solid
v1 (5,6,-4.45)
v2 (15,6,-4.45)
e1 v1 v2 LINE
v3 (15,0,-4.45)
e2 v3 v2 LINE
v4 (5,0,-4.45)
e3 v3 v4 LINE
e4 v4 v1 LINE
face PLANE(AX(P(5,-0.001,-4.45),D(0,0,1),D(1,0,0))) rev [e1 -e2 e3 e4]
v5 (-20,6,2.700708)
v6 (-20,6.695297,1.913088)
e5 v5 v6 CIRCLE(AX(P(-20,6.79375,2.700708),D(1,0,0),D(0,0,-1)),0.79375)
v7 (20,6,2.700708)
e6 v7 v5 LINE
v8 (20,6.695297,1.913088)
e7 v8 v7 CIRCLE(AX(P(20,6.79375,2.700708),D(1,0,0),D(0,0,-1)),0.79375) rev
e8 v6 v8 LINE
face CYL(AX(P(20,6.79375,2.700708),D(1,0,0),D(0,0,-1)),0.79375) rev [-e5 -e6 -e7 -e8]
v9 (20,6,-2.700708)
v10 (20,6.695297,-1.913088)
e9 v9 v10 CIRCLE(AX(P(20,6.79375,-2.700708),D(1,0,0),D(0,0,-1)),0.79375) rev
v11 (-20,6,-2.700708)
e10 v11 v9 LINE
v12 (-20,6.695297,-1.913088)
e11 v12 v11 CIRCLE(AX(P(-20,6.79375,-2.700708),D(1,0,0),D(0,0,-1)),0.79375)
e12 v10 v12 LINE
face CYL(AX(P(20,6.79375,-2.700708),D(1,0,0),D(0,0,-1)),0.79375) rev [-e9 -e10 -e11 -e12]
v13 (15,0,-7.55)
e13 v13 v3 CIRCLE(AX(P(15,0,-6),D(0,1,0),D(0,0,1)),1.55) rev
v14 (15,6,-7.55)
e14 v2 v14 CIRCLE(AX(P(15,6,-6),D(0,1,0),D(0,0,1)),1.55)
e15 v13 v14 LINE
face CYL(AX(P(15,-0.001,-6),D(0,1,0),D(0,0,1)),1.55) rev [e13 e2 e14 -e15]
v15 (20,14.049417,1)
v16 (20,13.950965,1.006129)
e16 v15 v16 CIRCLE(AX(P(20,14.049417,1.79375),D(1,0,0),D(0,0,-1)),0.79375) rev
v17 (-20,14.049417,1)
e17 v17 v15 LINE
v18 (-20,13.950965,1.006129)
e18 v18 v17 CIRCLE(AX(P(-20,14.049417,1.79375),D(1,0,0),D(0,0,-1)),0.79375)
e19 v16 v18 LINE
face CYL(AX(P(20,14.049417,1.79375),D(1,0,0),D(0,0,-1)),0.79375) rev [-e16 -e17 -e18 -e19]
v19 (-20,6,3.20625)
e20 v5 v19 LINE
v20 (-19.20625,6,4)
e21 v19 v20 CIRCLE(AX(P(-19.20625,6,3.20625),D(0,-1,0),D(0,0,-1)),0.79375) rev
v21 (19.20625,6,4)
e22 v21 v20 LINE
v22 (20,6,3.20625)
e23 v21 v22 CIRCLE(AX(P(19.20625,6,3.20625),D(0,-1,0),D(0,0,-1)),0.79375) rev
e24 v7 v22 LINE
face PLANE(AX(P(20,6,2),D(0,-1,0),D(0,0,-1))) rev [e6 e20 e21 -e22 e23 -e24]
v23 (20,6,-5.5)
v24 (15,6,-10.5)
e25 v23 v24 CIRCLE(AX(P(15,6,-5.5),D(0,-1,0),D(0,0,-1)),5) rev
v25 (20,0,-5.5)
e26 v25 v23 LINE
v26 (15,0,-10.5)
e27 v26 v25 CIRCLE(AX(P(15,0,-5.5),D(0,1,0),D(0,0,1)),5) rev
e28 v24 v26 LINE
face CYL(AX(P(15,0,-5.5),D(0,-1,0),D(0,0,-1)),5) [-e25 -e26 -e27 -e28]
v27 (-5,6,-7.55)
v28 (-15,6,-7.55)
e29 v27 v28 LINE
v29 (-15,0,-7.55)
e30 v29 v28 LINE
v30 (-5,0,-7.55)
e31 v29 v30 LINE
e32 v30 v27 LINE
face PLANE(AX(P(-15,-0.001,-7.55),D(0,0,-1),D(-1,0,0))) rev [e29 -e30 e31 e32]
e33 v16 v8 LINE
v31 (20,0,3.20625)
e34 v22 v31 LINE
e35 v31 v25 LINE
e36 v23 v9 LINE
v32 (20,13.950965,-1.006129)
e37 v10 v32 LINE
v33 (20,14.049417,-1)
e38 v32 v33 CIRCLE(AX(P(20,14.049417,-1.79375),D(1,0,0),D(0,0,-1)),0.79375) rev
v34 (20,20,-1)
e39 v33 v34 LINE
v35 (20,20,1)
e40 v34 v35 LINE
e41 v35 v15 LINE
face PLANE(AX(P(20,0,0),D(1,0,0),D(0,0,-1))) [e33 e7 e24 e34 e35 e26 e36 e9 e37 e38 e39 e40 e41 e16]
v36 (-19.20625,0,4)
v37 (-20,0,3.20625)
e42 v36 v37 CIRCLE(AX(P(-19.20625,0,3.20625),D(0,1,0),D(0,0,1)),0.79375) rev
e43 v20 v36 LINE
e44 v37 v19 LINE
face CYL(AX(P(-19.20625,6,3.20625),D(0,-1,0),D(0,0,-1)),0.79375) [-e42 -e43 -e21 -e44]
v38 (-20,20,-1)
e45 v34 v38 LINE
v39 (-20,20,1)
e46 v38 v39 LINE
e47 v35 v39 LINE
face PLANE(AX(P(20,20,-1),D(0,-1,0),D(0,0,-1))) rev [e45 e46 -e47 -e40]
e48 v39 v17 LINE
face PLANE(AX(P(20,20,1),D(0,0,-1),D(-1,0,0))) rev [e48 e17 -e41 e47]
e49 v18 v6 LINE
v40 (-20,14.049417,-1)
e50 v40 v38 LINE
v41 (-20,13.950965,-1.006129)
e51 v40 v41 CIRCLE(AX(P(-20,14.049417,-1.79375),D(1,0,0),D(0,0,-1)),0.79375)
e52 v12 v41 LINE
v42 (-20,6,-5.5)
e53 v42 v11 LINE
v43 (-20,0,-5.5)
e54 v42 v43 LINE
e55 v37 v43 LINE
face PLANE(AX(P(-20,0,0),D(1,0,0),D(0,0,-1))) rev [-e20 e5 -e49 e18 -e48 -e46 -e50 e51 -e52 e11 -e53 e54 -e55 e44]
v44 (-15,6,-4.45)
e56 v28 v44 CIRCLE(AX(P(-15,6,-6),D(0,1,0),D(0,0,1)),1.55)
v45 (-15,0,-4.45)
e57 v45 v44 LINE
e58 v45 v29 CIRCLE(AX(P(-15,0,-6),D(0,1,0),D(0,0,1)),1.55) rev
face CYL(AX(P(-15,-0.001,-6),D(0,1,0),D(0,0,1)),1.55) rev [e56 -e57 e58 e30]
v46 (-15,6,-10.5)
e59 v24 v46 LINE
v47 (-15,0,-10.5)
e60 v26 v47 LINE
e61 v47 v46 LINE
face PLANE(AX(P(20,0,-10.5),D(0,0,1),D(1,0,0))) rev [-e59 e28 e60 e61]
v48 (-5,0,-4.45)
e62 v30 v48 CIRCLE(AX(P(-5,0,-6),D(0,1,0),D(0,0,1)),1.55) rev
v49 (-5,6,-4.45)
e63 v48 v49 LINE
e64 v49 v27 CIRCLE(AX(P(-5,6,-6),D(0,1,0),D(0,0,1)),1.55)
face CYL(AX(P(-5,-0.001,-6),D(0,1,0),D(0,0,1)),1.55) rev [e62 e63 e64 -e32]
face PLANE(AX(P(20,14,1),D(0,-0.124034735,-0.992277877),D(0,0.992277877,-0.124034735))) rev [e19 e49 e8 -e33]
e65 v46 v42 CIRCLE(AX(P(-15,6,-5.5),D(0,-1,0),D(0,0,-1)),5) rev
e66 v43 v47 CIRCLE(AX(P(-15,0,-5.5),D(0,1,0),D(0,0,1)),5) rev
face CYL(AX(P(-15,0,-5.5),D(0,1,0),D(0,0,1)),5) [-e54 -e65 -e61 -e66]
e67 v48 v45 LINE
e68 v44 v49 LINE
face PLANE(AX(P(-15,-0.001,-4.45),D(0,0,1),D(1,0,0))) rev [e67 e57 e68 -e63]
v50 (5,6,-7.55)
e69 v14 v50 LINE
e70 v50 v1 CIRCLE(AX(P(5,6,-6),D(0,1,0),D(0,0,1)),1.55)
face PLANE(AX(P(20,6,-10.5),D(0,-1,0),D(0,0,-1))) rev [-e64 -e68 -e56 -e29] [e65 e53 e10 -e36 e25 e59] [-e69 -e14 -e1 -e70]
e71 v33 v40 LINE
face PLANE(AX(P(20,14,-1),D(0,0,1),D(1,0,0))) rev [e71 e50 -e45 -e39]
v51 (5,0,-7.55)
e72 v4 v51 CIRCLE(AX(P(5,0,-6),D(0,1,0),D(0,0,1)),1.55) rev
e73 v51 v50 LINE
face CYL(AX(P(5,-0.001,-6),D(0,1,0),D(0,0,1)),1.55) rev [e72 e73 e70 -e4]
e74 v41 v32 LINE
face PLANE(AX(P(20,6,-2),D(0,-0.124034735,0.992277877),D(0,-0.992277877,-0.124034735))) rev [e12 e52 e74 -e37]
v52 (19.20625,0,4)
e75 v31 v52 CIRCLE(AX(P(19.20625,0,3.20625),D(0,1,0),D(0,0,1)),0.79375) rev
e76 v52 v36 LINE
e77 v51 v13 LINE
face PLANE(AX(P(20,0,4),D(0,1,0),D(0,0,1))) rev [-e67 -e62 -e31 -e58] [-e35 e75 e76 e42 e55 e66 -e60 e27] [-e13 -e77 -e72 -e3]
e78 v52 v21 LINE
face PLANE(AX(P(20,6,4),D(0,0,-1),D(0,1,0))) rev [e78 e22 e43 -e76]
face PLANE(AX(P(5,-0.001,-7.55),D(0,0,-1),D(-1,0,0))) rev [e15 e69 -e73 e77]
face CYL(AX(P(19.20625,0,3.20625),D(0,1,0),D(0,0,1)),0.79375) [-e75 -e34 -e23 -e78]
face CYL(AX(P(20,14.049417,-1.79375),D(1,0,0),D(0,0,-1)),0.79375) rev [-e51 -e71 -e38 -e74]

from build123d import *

# Parameters (mm, degrees)
BOSS_EXTRUDE1_DEPTH = 20
CUT_EXTRUDE1_REACH  = 28.575
FILLET1_R           = 5
FILLET2_R           = 0.79375


with BuildPart() as part:
    # Sketch1 → Boss-Extrude1 (new, symmetric)
    with BuildSketch(Plane(origin=(0, 0, 0), x_dir=(0, 0, -1), z_dir=(1, 0, 0))):
        Polygon((-4, 0), (10.5, 0), (10.5, 6), (2, 6), (1, 14), (1, 20), (-1, 20), (-1, 14), (-2, 6), (-4, 6), align=None)
    extrude(amount=BOSS_EXTRUDE1_DEPTH, both=True)

    # Sketch4 → Cut-Extrude1 (cut, up to next)
    with BuildSketch(Plane(origin=(0, 6, 0), x_dir=(1, 0, 0), z_dir=(0, 1, 0)), mode=Mode.PRIVATE) as cut_extrude1_sk1:
        with BuildLine():
            Line((-15, 7.55), (-5, 7.55))
            ThreePointArc((-5, 7.55), (-3.45, 6), (-5, 4.45))
            Line((-5, 4.45), (-15, 4.45))
            ThreePointArc((-15, 4.45), (-16.55, 6), (-15, 7.55))
        make_face()
    cut_extrude1_tool1 = extrude(cut_extrude1_sk1.sketch, amount=-CUT_EXTRUDE1_REACH, mode=Mode.PRIVATE) & part.part
    # Sketch4 → Cut-Extrude1 (cut, up to next)
    with BuildSketch(Plane(origin=(0, 6, 0), x_dir=(1, 0, 0), z_dir=(0, 1, 0)), mode=Mode.PRIVATE) as cut_extrude1_sk2:
        with BuildLine():
            Line((5, 7.55), (15, 7.55))
            ThreePointArc((15, 7.55), (16.55, 6), (15, 4.45))
            Line((15, 4.45), (5, 4.45))
            ThreePointArc((5, 4.45), (3.45, 6), (5, 7.55))
        make_face()
    cut_extrude1_tool2 = extrude(cut_extrude1_sk2.sketch, amount=-CUT_EXTRUDE1_REACH, mode=Mode.PRIVATE) & part.part
    add(cut_extrude1_tool1.solids().sort_by_distance((-10, 6, -6))[0], mode=Mode.SUBTRACT)
    add(cut_extrude1_tool2.solids().sort_by_distance((10, 6, -6))[0], mode=Mode.SUBTRACT)

    # Fillet1
    fillet1_edges = [part.edges().sort_by_distance(p)[0] for p in [
        (20, 3, -10.5),
        (-20, 3, -10.5),
    ]]
    fillet(fillet1_edges, radius=FILLET1_R)

    # Fillet2
    fillet2_edges = [part.edges().sort_by_distance(p)[0] for p in [
        (-20, 3, 4),
        (0, 6, 2),
        (0, 14, 1),
        (0, 14, -1),
        (0, 6, -2),
        (20, 3, 4),
    ]]
    fillet(fillet2_edges, radius=FILLET2_R)


solid = part.part
